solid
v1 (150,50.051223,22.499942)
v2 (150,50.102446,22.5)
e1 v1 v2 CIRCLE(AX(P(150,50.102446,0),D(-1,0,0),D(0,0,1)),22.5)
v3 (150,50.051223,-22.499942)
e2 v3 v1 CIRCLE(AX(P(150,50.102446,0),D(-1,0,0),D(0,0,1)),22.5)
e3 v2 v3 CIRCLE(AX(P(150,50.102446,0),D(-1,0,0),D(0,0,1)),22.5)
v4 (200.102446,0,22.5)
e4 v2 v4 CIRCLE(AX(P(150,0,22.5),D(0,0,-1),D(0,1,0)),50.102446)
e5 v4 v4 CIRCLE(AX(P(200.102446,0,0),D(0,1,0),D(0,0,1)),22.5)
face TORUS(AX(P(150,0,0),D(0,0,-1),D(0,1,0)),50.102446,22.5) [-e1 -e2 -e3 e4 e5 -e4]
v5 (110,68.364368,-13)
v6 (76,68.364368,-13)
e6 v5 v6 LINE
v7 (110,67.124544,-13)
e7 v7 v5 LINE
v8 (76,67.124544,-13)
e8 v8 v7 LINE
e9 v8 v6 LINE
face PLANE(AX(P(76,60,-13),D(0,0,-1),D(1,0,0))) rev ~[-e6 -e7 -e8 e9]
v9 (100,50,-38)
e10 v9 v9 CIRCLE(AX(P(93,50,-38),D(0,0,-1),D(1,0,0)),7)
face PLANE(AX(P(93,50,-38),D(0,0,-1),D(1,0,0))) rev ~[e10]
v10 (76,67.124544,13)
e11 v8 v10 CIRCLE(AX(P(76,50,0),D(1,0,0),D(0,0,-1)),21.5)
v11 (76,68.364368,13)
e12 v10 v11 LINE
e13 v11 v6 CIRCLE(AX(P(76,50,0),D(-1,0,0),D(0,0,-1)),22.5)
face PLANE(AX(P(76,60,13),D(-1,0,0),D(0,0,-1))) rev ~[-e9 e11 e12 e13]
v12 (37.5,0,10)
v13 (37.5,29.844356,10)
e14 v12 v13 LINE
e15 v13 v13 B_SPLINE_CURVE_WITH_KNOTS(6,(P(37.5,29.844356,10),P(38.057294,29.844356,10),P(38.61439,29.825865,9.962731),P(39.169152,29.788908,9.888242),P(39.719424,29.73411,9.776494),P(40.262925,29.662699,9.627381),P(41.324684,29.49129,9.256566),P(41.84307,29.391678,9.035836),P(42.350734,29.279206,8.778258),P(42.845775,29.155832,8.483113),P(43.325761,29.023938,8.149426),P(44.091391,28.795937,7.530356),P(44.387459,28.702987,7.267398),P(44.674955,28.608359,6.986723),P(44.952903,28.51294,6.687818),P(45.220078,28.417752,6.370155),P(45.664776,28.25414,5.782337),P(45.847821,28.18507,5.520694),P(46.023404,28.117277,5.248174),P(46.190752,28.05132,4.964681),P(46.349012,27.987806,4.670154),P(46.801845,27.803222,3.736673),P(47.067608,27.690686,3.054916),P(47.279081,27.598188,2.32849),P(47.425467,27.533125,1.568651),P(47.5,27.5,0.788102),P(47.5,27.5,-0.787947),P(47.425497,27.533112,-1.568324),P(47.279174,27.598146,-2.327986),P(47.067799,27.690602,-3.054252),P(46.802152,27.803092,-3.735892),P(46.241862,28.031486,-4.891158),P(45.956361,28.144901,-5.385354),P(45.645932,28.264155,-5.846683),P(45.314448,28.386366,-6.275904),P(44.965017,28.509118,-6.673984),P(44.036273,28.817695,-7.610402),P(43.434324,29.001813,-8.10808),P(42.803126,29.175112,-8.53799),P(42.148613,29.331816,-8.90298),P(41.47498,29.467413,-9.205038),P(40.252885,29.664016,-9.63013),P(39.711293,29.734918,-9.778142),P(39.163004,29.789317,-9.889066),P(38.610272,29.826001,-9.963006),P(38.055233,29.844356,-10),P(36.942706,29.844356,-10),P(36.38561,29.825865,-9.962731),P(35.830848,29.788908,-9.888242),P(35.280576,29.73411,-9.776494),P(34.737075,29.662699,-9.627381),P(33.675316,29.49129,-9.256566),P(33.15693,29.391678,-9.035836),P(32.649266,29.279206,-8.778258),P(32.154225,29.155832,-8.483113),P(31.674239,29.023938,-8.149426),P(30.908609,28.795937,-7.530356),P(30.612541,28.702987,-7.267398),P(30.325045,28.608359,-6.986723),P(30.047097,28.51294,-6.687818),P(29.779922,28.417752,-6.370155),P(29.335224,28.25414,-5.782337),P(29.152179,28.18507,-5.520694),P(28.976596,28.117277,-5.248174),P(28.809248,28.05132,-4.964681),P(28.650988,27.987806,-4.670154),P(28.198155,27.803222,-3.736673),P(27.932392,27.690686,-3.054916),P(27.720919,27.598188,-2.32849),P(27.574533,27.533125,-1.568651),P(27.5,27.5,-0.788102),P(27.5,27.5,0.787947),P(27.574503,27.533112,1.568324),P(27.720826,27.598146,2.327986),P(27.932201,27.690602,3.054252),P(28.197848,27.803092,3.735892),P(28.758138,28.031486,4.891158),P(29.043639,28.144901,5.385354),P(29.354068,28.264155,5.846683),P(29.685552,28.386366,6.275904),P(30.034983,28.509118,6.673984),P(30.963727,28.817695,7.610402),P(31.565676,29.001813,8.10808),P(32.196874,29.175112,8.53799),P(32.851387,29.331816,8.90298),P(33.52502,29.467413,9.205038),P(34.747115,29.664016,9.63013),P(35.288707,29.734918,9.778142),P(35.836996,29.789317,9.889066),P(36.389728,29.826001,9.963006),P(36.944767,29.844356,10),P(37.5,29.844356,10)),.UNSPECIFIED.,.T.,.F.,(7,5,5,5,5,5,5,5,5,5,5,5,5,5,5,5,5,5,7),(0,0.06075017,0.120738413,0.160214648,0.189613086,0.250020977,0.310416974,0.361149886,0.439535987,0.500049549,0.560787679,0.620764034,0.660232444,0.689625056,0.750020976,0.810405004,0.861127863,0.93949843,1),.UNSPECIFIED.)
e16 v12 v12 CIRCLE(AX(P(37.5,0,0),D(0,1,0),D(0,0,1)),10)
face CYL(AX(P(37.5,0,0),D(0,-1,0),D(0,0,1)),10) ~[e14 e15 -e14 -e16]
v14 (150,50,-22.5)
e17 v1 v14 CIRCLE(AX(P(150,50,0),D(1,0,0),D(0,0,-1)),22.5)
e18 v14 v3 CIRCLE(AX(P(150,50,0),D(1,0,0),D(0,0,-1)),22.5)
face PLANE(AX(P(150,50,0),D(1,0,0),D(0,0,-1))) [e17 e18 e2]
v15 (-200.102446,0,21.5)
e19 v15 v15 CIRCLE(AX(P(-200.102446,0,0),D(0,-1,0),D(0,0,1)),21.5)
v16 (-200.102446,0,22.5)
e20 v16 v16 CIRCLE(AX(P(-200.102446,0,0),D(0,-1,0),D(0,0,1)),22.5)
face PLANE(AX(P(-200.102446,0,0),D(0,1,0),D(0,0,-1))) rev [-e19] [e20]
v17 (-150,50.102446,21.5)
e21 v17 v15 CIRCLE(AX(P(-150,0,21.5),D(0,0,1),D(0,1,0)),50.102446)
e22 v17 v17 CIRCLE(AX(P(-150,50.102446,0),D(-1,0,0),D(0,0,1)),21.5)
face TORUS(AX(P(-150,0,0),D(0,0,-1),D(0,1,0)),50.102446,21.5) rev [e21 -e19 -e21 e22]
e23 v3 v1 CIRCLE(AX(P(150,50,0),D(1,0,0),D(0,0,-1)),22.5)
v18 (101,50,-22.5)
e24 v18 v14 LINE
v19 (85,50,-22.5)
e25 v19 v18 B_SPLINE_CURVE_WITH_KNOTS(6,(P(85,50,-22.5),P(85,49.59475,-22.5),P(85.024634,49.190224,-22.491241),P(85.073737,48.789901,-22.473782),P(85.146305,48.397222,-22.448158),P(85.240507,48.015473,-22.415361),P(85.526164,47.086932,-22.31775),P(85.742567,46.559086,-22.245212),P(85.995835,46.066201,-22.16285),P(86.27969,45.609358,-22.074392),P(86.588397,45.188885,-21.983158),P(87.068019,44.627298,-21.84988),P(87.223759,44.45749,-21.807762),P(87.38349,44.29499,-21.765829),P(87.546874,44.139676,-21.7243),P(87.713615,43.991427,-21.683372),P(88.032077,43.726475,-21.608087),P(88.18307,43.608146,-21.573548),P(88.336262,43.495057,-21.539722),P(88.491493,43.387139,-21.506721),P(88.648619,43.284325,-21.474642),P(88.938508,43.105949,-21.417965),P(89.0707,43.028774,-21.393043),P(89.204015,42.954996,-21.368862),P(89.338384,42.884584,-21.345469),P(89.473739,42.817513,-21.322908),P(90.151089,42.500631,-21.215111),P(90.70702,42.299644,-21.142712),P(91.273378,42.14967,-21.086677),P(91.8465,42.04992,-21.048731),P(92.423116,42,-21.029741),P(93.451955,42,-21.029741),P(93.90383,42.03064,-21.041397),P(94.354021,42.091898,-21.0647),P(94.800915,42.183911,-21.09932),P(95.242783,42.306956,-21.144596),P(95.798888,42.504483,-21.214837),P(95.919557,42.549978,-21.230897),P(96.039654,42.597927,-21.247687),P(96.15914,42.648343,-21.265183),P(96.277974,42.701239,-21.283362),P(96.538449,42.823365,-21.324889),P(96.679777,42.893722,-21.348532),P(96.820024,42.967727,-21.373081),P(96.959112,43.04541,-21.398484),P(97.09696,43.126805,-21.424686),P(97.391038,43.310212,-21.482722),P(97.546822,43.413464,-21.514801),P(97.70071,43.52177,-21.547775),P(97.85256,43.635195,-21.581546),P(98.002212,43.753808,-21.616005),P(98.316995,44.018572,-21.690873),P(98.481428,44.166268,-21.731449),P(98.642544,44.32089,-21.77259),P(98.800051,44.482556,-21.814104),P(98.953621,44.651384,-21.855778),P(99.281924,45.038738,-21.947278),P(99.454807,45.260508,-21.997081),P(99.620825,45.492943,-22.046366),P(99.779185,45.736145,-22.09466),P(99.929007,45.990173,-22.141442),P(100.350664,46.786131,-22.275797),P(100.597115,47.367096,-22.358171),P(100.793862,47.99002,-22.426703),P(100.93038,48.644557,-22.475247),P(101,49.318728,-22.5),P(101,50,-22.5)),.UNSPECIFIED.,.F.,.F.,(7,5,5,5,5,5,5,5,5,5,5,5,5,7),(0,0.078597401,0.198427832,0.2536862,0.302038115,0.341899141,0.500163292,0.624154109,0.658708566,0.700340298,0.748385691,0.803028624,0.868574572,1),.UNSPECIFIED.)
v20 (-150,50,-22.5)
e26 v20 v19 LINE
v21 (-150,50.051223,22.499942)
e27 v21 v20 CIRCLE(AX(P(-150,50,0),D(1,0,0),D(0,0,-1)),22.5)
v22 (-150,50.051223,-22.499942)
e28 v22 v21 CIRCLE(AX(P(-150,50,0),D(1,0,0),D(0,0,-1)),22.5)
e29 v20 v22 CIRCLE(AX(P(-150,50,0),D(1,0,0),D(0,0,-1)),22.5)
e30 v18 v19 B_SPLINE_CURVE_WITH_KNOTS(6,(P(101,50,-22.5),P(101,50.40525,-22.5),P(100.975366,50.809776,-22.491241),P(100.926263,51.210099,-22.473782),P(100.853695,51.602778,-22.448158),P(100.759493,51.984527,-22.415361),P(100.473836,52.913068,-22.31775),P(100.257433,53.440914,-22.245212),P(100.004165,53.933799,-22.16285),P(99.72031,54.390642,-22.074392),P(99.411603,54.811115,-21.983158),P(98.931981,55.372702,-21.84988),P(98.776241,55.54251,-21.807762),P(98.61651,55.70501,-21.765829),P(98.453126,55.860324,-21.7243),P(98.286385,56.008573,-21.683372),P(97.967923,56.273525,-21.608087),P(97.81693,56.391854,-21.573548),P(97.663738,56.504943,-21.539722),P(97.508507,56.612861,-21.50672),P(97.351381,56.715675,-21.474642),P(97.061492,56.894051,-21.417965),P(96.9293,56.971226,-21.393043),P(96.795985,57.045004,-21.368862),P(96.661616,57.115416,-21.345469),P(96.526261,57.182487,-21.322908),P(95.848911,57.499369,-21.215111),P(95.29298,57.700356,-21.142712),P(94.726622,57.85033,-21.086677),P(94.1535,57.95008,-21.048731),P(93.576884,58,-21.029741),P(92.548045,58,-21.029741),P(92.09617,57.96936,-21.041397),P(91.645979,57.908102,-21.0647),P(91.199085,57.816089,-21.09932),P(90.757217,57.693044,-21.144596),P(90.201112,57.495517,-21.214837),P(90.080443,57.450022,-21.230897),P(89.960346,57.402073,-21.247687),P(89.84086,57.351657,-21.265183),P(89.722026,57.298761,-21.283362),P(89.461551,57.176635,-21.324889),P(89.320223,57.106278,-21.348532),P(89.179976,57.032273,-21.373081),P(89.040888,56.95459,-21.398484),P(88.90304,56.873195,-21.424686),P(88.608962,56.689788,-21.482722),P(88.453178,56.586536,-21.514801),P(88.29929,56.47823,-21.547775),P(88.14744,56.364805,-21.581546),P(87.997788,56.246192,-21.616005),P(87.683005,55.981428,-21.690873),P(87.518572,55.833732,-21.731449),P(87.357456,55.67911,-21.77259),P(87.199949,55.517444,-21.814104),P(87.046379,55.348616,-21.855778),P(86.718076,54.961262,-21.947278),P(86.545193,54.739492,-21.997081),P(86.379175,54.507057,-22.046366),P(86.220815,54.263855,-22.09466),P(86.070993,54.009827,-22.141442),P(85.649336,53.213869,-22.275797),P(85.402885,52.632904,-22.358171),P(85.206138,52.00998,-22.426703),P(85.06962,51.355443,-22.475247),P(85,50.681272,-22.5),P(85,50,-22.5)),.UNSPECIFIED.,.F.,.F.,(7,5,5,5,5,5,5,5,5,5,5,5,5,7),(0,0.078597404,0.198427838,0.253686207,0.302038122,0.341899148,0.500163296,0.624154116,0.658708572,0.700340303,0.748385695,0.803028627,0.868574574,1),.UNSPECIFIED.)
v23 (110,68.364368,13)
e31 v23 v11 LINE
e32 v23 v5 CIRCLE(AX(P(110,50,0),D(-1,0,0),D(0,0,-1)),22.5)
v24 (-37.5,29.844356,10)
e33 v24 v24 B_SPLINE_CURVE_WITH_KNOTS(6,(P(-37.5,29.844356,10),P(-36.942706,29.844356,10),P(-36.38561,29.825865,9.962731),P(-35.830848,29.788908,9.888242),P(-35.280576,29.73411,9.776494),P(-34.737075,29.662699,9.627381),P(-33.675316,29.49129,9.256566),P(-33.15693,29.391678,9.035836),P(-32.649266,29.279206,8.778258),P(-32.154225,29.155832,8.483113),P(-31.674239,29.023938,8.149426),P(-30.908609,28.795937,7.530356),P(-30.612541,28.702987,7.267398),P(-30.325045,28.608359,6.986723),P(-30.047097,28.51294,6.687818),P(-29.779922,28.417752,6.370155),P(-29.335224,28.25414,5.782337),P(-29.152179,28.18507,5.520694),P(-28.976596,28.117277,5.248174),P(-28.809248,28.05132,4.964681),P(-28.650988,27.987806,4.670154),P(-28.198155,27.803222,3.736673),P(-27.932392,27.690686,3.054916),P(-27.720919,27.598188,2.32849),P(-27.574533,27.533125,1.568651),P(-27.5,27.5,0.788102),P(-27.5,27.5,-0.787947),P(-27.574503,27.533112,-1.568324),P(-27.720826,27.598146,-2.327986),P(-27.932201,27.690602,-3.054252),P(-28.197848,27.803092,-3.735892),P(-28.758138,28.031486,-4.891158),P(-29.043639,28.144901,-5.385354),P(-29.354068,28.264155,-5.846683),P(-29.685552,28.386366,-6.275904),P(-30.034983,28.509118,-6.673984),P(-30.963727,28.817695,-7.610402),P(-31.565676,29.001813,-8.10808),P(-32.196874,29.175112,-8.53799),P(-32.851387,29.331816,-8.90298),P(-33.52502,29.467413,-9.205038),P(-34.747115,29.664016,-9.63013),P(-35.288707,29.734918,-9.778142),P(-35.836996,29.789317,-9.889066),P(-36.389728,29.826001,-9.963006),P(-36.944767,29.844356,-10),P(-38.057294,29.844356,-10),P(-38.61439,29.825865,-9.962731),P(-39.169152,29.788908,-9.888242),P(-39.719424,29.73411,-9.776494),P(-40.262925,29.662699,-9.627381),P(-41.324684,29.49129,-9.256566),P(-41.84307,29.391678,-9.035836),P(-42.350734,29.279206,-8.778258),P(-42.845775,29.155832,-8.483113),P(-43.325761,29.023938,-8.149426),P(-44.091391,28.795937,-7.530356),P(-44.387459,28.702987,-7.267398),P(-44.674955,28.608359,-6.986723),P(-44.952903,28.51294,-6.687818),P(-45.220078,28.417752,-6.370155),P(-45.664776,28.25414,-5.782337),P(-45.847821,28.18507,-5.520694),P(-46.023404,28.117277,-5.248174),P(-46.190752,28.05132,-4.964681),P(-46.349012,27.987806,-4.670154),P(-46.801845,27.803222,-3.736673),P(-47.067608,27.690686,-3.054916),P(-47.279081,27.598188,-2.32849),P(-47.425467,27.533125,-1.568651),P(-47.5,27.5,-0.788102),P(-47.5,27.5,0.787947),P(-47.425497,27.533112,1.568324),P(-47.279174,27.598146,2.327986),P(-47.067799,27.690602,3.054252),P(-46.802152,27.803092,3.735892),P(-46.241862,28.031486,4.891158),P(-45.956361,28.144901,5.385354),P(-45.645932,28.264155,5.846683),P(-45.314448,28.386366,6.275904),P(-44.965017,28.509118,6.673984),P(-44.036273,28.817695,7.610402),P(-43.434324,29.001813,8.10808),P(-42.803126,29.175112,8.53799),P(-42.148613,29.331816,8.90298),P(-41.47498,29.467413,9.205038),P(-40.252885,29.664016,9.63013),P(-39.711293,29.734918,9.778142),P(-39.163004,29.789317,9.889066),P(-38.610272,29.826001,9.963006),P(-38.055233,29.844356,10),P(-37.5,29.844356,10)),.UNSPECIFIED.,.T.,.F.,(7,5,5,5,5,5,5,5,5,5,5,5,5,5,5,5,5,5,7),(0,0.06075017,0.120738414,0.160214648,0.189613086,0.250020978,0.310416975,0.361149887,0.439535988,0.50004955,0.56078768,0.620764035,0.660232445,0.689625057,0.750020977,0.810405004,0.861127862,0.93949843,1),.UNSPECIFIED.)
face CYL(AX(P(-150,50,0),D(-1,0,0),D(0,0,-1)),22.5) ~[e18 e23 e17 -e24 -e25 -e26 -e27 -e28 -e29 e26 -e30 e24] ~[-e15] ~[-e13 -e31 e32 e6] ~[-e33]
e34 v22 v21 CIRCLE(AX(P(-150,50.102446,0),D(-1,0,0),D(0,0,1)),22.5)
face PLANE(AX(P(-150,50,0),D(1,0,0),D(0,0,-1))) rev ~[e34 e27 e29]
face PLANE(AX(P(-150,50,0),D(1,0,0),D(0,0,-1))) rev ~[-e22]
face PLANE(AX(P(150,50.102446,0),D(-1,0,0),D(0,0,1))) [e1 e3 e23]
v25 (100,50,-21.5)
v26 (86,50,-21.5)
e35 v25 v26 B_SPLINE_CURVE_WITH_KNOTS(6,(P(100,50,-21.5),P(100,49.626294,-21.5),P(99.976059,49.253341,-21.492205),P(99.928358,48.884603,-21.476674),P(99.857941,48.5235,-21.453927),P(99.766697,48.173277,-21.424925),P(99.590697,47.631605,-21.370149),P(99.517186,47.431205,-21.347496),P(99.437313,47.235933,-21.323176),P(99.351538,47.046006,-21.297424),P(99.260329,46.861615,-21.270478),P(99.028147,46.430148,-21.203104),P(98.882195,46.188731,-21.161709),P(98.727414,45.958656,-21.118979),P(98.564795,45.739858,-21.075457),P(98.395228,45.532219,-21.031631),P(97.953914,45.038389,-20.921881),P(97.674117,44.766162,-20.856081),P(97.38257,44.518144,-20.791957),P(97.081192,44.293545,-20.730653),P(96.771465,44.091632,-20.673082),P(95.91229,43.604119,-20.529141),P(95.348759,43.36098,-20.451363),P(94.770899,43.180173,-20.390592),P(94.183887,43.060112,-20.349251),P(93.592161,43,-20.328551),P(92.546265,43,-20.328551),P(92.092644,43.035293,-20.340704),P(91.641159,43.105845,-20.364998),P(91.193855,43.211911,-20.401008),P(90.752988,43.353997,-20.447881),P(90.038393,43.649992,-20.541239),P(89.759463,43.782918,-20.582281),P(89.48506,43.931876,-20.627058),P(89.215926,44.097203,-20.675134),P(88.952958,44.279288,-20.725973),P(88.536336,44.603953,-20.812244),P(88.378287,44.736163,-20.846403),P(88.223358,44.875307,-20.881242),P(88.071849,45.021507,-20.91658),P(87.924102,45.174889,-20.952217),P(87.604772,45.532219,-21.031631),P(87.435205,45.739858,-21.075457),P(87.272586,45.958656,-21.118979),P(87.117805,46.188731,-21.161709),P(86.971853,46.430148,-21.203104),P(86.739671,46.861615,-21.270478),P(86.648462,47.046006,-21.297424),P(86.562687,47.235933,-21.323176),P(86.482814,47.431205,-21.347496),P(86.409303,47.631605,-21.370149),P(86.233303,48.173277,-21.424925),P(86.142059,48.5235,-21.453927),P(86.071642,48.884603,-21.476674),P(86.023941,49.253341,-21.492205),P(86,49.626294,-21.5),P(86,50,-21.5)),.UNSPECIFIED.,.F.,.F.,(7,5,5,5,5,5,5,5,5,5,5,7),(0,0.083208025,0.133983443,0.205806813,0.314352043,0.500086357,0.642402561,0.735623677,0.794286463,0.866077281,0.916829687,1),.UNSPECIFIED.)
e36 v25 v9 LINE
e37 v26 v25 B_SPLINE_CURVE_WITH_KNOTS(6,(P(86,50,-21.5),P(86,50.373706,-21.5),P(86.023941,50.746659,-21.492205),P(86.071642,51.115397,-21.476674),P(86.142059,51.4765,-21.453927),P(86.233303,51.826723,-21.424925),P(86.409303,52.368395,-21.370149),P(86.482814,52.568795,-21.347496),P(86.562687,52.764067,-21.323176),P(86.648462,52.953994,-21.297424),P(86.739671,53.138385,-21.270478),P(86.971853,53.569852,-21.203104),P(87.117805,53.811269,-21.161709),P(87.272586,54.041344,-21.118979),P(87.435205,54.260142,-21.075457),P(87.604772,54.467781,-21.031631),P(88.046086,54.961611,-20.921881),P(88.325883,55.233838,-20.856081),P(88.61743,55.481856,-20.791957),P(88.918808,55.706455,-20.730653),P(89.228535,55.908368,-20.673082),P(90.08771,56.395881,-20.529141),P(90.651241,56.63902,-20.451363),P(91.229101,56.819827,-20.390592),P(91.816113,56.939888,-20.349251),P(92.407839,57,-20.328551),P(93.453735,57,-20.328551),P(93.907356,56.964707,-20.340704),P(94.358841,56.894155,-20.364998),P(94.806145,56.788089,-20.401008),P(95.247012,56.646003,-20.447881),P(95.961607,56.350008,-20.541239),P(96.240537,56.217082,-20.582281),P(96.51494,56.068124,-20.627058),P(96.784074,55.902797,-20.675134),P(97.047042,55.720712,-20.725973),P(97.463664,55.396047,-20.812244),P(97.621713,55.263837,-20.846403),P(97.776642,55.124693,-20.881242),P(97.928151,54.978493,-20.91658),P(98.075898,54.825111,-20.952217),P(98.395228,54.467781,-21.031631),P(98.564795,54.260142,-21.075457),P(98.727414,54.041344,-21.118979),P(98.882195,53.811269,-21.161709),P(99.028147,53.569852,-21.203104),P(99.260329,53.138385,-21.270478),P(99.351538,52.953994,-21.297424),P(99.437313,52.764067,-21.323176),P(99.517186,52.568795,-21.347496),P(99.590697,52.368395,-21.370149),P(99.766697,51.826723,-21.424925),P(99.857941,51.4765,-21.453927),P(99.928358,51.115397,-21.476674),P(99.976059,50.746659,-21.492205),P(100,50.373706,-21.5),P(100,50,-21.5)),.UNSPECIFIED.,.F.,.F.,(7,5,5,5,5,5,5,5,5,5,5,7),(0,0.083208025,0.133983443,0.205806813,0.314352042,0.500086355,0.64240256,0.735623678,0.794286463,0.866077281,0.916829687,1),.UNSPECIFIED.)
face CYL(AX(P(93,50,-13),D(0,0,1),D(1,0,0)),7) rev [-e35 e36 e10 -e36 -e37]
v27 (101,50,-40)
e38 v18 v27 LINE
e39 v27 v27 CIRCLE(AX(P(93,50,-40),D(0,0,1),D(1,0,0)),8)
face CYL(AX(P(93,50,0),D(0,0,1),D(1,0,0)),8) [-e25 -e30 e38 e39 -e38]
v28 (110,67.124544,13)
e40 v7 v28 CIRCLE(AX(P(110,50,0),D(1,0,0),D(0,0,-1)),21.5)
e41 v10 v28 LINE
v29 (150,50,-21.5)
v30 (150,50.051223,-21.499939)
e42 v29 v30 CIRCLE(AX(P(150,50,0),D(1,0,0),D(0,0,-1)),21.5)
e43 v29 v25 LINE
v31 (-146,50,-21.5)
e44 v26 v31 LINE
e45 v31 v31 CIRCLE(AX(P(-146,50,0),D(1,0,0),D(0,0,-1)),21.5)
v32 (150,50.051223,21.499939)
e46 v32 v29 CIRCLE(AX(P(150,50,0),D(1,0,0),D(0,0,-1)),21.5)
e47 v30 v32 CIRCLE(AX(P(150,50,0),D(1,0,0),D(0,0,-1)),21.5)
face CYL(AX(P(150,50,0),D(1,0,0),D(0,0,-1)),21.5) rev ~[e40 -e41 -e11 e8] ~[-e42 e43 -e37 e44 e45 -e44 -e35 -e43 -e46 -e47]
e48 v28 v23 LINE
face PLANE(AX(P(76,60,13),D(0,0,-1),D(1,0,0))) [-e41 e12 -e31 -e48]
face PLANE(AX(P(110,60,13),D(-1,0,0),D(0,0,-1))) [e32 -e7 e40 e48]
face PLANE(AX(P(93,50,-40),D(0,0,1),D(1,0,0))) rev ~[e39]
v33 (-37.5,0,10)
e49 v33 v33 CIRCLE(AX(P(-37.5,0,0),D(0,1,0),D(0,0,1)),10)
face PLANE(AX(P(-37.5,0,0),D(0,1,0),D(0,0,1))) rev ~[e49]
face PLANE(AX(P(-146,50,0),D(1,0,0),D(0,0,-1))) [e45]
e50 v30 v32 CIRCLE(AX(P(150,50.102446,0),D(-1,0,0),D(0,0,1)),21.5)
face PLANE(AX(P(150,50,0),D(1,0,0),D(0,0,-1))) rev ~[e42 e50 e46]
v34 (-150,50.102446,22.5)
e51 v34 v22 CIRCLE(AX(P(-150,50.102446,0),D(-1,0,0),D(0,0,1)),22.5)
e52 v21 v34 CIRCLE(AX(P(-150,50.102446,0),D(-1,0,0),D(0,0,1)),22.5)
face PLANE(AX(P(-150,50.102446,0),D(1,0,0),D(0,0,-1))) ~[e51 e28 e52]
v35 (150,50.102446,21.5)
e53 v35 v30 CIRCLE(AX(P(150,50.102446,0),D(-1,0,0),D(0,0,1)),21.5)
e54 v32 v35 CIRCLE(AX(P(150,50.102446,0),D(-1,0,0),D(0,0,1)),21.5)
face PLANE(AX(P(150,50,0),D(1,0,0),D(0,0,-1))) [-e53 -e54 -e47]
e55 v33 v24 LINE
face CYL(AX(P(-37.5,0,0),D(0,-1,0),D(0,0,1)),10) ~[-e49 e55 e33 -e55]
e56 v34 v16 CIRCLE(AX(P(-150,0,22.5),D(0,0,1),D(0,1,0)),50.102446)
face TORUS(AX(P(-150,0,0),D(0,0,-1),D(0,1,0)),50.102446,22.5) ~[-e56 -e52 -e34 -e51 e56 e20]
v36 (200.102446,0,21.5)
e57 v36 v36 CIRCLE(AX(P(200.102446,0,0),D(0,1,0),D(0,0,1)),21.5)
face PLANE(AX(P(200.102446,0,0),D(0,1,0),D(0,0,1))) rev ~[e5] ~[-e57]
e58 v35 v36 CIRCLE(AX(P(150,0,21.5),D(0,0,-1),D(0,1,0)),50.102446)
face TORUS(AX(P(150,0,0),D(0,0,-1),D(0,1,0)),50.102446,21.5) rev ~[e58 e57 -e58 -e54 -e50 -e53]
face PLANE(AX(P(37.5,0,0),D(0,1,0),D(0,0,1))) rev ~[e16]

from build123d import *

# Parameters (mm, degrees)
CROQUIS1_R                   = 10
SALIENTE_EXTRUIR1_DEPTH      = 40
SALIENTE_EXTRUIR1_2_DEPTH    = 40
SALIENTE_EXTRUIR2_DEPTH      = 150
SALIENTE_EXTRUIR2_DEPTH_BACK = 150
CROQUIS2_R                   = 22.5
CROQUIS6_R                   = 22.5
CROQUIS6_R_2                 = 21.5
REVOLUCI_N1_ANGLE            = 90
CORTAR_EXTRUIR2_START        = 60
CROQUIS7_W                   = 34
CROQUIS7_H                   = 26
CORTAR_EXTRUIR2_DEPTH        = 20
CROQUIS8_R                   = 8
SALIENTE_EXTRUIR3_DEPTH      = 40
CORTAR_EXTRUIR3_START        = -27
CROQUIS9_R                   = 7
CORTAR_EXTRUIR3_DEPTH        = 25
CROQUIS4_R                   = 21.5
CORTAR_EXTRUIR1_DEPTH        = 296


with BuildPart() as part:
    # Croquis1 → Saliente-Extruir1 (new body)
    with BuildSketch(Plane(origin=(0, 0, 0), x_dir=(1, 0, 0), z_dir=(0, 1, 0))):
        with Locations(Location((-37.5, 0, 0), (0, 0, 270))):
            Circle(CROQUIS1_R)
    extrude(amount=SALIENTE_EXTRUIR1_DEPTH)



with BuildPart() as body_2:
    # Croquis1 → Saliente-Extruir1 2 (new body)
    with BuildSketch(Plane(origin=(0, 0, 0), x_dir=(1, 0, 0), z_dir=(0, 1, 0))):
        with Locations(Location((37.5, 0, 0), (0, 0, 270))):
            Circle(CROQUIS1_R)
    extrude(amount=SALIENTE_EXTRUIR1_2_DEPTH)


with BuildPart() as part_1:
    add(part.part)

    add(body_2.part)  # Saliente-Extruir2 merges body 2
    # Croquis2 → Saliente-Extruir2 (add, two sides: drawn at the far end of the back side and taken through both)
    with BuildSketch(Plane(origin=(0, 0, 0), x_dir=(0, 0, -1), z_dir=(1, 0, 0)).offset(-SALIENTE_EXTRUIR2_DEPTH_BACK)):
        with Locations((0, 50)):
            Circle(CROQUIS2_R)
    extrude(amount=SALIENTE_EXTRUIR2_DEPTH + SALIENTE_EXTRUIR2_DEPTH_BACK)

    # Croquis6 → Revolución1 (revolve)
    with BuildSketch(Plane(origin=(150, 0, -150), x_dir=(0, 0, 1), z_dir=(-1, 0, 0))):
        with Locations((150, 50.102446163)):
            Circle(CROQUIS6_R)
        with Locations((150, 50.102446163)):
            Circle(CROQUIS6_R_2, mode=Mode.SUBTRACT)
    revoluci_n1 = revolve(axis=Axis((150, 0, 25.625), (0, 0, -1)), revolution_arc=REVOLUCI_N1_ANGLE)

    # Simetría1: Revolución1 across plane
    add(revoluci_n1.mirror(Plane(origin=(0, 0, 0), x_dir=(0, 0, 1), z_dir=(1, 0, 0))))

    # Croquis7 → Cortar-Extruir2 (cut)
    with BuildSketch(Plane(origin=(0, 0, 0), x_dir=(1, 0, 0), z_dir=(0, 1, 0)).offset(CORTAR_EXTRUIR2_START)):
        with Locations((93, 0)):
            Rectangle(CROQUIS7_W, CROQUIS7_H)
    extrude(amount=CORTAR_EXTRUIR2_DEPTH, mode=Mode.SUBTRACT)

    # Croquis8 → Saliente-Extruir3 (add)
    with BuildSketch(Plane.XY):
        with Locations((93, 50)):
            Circle(CROQUIS8_R)
    extrude(amount=-SALIENTE_EXTRUIR3_DEPTH)

    # Croquis9 → Cortar-Extruir3 (cut)
    with BuildSketch(Plane(origin=(0, 0, -40), x_dir=(-1, 0, 0), z_dir=(0, 0, -1)).offset(CORTAR_EXTRUIR3_START)):
        with Locations(Location((-93, 50, 0), (0, 0, 180))):
            Circle(CROQUIS9_R)
    extrude(amount=CORTAR_EXTRUIR3_DEPTH, mode=Mode.SUBTRACT)

    # Croquis4 → Cortar-Extruir1 (cut)
    with BuildSketch(Plane(origin=(150, 0, 0), x_dir=(0, 0, -1), z_dir=(1, 0, 0))):
        with Locations((0, 50)):
            Circle(CROQUIS4_R)
    extrude(amount=-CORTAR_EXTRUIR1_DEPTH, mode=Mode.SUBTRACT)


solid = part_1.part
